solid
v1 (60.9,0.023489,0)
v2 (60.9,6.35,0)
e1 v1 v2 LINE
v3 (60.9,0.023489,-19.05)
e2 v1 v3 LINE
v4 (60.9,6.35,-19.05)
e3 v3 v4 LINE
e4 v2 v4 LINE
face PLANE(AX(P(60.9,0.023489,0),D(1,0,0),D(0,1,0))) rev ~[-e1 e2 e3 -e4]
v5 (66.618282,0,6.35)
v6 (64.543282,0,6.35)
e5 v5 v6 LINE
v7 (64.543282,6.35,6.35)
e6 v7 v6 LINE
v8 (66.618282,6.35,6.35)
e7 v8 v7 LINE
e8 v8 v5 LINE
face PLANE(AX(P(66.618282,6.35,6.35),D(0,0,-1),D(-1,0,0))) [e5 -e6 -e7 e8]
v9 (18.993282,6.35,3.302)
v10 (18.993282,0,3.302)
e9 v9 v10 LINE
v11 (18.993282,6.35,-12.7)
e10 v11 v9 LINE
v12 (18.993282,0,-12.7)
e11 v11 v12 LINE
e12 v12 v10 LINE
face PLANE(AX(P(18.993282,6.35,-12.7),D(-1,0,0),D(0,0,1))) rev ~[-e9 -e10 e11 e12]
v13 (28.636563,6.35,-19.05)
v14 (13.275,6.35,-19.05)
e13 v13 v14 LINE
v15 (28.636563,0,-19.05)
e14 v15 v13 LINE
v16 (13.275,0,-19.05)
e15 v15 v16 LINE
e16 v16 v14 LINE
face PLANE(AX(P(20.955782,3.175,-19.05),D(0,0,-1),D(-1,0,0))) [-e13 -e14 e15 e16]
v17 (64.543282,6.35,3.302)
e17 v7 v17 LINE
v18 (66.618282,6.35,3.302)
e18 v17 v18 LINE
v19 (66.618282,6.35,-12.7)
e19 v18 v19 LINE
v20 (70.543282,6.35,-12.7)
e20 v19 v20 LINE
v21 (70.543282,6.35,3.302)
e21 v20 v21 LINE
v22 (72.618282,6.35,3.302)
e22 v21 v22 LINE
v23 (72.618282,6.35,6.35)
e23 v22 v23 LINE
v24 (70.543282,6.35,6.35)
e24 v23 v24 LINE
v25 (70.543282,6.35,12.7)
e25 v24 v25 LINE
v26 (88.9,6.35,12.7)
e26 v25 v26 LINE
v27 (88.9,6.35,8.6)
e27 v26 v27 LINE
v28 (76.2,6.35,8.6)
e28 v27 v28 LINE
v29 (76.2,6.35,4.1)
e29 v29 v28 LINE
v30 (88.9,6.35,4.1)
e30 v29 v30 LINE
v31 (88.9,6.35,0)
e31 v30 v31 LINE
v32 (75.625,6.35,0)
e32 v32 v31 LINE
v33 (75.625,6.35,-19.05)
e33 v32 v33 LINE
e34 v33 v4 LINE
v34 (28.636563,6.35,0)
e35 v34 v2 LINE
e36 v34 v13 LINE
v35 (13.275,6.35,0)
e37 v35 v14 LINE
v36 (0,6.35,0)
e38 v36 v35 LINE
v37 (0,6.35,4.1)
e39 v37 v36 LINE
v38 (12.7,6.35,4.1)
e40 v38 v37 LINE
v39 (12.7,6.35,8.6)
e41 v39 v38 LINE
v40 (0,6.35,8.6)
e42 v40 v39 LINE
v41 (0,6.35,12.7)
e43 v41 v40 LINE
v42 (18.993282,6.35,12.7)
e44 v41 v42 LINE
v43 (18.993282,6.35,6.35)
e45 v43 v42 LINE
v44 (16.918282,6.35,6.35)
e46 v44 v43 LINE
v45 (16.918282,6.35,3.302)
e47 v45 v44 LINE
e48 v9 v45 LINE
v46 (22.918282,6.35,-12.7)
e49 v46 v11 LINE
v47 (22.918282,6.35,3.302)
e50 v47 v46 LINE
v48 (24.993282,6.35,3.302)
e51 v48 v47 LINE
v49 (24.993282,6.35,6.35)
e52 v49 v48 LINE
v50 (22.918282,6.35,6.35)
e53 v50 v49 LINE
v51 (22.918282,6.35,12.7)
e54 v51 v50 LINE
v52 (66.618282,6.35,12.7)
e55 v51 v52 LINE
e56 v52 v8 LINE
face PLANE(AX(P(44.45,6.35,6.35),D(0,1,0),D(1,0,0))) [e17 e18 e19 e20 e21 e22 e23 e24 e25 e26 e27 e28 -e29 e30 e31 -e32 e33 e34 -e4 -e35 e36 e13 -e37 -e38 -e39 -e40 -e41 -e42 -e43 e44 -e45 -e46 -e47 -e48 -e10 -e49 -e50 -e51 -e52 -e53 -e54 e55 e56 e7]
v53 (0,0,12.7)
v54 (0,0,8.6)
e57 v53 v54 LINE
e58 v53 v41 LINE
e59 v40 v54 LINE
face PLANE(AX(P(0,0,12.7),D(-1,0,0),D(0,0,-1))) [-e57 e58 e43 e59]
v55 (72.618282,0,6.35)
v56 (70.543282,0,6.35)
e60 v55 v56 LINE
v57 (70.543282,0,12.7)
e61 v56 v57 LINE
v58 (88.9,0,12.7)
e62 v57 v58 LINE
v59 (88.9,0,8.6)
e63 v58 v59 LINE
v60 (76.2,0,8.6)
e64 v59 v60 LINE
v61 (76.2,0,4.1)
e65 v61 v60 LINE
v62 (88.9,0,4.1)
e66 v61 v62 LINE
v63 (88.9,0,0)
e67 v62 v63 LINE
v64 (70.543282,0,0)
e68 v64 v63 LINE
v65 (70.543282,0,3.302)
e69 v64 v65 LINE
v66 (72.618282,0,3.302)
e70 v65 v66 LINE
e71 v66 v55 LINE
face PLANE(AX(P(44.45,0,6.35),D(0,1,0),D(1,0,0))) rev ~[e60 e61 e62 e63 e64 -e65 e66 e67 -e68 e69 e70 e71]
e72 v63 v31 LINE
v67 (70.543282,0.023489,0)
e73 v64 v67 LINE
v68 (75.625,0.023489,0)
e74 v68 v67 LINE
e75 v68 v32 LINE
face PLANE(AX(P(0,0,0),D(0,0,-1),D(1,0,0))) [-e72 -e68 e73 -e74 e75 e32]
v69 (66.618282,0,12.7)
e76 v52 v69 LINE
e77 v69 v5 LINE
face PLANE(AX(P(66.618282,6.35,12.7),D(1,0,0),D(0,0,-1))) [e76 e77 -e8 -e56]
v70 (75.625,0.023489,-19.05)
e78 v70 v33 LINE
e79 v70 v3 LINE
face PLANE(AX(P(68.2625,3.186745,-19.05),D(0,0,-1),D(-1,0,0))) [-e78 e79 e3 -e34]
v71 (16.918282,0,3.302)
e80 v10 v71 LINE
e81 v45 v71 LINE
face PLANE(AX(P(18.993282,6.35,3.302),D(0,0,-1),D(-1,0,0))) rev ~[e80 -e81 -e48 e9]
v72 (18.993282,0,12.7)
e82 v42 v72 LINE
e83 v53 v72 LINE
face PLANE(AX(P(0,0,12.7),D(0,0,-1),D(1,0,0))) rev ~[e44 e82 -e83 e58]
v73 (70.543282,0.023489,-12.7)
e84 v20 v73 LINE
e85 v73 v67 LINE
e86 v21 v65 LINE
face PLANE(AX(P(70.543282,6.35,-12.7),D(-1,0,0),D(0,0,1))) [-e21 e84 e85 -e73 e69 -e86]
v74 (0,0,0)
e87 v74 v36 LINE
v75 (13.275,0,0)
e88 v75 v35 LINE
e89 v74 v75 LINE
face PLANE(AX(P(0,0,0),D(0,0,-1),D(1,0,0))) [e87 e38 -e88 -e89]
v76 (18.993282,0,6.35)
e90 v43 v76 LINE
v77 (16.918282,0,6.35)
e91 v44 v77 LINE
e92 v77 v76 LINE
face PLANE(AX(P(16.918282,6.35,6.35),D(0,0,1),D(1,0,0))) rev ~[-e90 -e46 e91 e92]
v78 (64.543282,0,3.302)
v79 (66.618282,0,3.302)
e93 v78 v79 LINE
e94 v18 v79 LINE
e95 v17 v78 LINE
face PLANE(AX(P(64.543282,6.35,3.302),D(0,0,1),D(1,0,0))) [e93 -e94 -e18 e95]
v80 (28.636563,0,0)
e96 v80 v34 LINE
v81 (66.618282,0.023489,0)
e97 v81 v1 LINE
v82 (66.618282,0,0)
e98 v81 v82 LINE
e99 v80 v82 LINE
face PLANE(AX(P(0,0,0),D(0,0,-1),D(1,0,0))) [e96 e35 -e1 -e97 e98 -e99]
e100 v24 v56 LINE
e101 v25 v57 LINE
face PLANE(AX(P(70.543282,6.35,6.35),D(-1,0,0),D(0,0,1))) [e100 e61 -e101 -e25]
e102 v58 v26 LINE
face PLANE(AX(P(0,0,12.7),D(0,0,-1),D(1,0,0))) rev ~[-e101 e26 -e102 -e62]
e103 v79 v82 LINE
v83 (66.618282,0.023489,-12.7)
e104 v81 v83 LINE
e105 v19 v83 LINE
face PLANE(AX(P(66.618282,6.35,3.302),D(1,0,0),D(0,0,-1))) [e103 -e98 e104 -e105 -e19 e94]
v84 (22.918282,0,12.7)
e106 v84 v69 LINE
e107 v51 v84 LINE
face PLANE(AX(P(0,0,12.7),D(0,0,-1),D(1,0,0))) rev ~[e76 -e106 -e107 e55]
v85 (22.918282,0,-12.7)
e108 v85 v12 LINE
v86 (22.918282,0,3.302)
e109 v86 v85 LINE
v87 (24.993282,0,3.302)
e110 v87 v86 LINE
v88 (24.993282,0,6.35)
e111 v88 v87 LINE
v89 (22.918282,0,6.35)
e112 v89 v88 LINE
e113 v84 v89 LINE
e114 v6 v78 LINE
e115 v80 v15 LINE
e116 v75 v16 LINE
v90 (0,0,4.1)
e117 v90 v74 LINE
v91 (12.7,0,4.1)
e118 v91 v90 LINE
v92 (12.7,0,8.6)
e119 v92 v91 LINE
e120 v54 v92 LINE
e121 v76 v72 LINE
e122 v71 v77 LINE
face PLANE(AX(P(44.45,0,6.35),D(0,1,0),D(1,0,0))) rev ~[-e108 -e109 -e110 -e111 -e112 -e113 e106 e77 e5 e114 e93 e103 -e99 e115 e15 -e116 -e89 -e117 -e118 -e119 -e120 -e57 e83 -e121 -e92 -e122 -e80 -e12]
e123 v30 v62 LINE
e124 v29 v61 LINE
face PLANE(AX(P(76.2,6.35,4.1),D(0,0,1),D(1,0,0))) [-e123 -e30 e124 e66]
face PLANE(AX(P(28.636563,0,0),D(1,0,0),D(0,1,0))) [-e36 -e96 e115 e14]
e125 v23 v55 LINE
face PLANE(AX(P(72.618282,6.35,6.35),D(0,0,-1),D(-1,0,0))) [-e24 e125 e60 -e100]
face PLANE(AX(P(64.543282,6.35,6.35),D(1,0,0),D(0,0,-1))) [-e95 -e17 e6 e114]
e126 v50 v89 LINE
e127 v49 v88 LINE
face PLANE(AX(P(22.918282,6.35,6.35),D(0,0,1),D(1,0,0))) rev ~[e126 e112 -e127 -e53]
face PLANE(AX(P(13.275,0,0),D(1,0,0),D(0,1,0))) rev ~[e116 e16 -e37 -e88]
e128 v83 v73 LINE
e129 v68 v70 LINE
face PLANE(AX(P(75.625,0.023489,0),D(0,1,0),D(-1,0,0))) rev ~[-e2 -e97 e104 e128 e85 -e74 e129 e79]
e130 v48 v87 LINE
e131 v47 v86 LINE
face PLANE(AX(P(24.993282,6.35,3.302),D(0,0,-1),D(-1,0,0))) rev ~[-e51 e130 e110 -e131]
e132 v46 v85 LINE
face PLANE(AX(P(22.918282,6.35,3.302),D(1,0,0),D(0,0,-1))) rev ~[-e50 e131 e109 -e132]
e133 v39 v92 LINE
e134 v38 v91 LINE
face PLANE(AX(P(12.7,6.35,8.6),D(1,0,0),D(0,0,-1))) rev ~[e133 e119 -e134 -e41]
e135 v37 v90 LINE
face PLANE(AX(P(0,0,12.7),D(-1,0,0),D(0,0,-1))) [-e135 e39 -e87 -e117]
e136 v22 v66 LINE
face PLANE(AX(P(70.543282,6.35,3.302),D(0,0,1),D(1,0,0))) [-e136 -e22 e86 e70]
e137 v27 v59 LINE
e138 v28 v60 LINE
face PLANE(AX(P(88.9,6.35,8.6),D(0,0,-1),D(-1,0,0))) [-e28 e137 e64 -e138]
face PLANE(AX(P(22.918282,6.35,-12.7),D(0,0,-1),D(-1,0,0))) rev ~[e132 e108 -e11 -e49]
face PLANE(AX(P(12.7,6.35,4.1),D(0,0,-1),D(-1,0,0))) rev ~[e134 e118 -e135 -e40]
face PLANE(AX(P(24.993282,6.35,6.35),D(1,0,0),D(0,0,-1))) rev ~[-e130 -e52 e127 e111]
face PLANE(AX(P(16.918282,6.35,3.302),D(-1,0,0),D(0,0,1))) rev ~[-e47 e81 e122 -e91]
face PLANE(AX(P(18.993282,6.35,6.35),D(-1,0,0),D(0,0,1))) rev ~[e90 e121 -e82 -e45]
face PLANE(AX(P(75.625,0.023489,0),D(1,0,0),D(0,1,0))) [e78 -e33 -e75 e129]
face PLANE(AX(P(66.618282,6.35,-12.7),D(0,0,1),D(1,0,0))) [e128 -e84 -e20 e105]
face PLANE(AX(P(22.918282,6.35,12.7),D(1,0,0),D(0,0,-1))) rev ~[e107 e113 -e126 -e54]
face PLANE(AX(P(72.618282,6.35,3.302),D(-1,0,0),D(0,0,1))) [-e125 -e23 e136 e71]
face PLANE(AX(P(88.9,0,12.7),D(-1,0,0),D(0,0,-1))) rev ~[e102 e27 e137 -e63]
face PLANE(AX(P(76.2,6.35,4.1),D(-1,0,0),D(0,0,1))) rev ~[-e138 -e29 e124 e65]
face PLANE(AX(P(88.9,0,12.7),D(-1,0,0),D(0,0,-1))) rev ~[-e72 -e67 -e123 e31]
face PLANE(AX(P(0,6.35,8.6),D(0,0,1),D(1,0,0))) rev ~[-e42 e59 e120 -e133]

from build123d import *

# Parameters (mm, degrees)
SKETCH1_W           = 88.9
SKETCH1_H           = 12.7
BOSS_EXTRUDE1_DEPTH = 6.35
SKETCH2_W           = 14.725
SKETCH2_H           = 6.326510552
SKETCH2_W_2         = 15.361563021
SKETCH2_H_2         = 6.35
BOSS_EXTRUDE2_DEPTH = 19.05
CUT_EXTRUDE1_DEPTH  = 7.35
CUT_EXTRUDE2_DEPTH  = 7.35


with BuildPart() as part:
    # Sketch1 → Boss-Extrude1 (new body)
    with BuildSketch(Plane(origin=(0, 0, 0), x_dir=(1, 0, 0), z_dir=(0, 1, 0))):
        with Locations((44.45, -6.35)):
            Rectangle(SKETCH1_W, SKETCH1_H)
    extrude(amount=BOSS_EXTRUDE1_DEPTH)

    # Sketch2 → Boss-Extrude2 (add)
    with BuildSketch(Plane(origin=(0, 0, 0), x_dir=(-1, 0, 0), z_dir=(0, 0, -1))):
        with Locations((-68.2625, 3.186744724)):
            Rectangle(SKETCH2_W, SKETCH2_H)
        with Locations((-20.95578151, 3.175)):
            Rectangle(SKETCH2_W_2, SKETCH2_H_2)
    extrude(amount=BOSS_EXTRUDE2_DEPTH)

    # Sketch3 → Cut-Extrude1 (cut, through all)
    with BuildSketch(Plane(origin=(0, 6.35, 0), x_dir=(1, 0, 0), z_dir=(0, 1, 0))):
        Polygon((12.7, -6.35), (12.7, -4.1), (0, -4.1), (0, -8.6), (12.7, -8.6), align=None)
        Polygon((76.2, -6.35), (76.2, -4.1), (88.9, -4.1), (88.9, -8.6), (76.2, -8.6), align=None)
    extrude(amount=-CUT_EXTRUDE1_DEPTH, mode=Mode.SUBTRACT)

    # Sketch4 → Cut-Extrude2 (cut, through all)
    with BuildSketch(Plane(origin=(0, 6.35, 0), x_dir=(1, 0, 0), z_dir=(0, 1, 0))):
        Polygon((20.95578151, -12.7), (22.91828151, -12.7), (22.91828151, -6.35), (24.99328151, -6.35), (24.99328151, -3.302), (22.91828151, -3.302), (22.91828151, 12.7), (18.99328151, 12.7), (18.99328151, -3.302), (16.91828151, -3.302), (16.91828151, -6.35), (18.99328151, -6.35), (18.99328151, -12.7), align=None)
        Polygon((70.54328151, 12.7), (70.54328151, -3.302), (72.61828151, -3.302), (72.61828151, -6.35), (70.54328151, -6.35), (70.54328151, -12.7), (68.58078151, -12.7), (66.61828151, -12.7), (66.61828151, -6.35), (64.54328151, -6.35), (64.54328151, -3.302), (66.61828151, -3.302), (66.61828151, 12.7), align=None)
    extrude(amount=-CUT_EXTRUDE2_DEPTH, mode=Mode.SUBTRACT)


solid = part.part
